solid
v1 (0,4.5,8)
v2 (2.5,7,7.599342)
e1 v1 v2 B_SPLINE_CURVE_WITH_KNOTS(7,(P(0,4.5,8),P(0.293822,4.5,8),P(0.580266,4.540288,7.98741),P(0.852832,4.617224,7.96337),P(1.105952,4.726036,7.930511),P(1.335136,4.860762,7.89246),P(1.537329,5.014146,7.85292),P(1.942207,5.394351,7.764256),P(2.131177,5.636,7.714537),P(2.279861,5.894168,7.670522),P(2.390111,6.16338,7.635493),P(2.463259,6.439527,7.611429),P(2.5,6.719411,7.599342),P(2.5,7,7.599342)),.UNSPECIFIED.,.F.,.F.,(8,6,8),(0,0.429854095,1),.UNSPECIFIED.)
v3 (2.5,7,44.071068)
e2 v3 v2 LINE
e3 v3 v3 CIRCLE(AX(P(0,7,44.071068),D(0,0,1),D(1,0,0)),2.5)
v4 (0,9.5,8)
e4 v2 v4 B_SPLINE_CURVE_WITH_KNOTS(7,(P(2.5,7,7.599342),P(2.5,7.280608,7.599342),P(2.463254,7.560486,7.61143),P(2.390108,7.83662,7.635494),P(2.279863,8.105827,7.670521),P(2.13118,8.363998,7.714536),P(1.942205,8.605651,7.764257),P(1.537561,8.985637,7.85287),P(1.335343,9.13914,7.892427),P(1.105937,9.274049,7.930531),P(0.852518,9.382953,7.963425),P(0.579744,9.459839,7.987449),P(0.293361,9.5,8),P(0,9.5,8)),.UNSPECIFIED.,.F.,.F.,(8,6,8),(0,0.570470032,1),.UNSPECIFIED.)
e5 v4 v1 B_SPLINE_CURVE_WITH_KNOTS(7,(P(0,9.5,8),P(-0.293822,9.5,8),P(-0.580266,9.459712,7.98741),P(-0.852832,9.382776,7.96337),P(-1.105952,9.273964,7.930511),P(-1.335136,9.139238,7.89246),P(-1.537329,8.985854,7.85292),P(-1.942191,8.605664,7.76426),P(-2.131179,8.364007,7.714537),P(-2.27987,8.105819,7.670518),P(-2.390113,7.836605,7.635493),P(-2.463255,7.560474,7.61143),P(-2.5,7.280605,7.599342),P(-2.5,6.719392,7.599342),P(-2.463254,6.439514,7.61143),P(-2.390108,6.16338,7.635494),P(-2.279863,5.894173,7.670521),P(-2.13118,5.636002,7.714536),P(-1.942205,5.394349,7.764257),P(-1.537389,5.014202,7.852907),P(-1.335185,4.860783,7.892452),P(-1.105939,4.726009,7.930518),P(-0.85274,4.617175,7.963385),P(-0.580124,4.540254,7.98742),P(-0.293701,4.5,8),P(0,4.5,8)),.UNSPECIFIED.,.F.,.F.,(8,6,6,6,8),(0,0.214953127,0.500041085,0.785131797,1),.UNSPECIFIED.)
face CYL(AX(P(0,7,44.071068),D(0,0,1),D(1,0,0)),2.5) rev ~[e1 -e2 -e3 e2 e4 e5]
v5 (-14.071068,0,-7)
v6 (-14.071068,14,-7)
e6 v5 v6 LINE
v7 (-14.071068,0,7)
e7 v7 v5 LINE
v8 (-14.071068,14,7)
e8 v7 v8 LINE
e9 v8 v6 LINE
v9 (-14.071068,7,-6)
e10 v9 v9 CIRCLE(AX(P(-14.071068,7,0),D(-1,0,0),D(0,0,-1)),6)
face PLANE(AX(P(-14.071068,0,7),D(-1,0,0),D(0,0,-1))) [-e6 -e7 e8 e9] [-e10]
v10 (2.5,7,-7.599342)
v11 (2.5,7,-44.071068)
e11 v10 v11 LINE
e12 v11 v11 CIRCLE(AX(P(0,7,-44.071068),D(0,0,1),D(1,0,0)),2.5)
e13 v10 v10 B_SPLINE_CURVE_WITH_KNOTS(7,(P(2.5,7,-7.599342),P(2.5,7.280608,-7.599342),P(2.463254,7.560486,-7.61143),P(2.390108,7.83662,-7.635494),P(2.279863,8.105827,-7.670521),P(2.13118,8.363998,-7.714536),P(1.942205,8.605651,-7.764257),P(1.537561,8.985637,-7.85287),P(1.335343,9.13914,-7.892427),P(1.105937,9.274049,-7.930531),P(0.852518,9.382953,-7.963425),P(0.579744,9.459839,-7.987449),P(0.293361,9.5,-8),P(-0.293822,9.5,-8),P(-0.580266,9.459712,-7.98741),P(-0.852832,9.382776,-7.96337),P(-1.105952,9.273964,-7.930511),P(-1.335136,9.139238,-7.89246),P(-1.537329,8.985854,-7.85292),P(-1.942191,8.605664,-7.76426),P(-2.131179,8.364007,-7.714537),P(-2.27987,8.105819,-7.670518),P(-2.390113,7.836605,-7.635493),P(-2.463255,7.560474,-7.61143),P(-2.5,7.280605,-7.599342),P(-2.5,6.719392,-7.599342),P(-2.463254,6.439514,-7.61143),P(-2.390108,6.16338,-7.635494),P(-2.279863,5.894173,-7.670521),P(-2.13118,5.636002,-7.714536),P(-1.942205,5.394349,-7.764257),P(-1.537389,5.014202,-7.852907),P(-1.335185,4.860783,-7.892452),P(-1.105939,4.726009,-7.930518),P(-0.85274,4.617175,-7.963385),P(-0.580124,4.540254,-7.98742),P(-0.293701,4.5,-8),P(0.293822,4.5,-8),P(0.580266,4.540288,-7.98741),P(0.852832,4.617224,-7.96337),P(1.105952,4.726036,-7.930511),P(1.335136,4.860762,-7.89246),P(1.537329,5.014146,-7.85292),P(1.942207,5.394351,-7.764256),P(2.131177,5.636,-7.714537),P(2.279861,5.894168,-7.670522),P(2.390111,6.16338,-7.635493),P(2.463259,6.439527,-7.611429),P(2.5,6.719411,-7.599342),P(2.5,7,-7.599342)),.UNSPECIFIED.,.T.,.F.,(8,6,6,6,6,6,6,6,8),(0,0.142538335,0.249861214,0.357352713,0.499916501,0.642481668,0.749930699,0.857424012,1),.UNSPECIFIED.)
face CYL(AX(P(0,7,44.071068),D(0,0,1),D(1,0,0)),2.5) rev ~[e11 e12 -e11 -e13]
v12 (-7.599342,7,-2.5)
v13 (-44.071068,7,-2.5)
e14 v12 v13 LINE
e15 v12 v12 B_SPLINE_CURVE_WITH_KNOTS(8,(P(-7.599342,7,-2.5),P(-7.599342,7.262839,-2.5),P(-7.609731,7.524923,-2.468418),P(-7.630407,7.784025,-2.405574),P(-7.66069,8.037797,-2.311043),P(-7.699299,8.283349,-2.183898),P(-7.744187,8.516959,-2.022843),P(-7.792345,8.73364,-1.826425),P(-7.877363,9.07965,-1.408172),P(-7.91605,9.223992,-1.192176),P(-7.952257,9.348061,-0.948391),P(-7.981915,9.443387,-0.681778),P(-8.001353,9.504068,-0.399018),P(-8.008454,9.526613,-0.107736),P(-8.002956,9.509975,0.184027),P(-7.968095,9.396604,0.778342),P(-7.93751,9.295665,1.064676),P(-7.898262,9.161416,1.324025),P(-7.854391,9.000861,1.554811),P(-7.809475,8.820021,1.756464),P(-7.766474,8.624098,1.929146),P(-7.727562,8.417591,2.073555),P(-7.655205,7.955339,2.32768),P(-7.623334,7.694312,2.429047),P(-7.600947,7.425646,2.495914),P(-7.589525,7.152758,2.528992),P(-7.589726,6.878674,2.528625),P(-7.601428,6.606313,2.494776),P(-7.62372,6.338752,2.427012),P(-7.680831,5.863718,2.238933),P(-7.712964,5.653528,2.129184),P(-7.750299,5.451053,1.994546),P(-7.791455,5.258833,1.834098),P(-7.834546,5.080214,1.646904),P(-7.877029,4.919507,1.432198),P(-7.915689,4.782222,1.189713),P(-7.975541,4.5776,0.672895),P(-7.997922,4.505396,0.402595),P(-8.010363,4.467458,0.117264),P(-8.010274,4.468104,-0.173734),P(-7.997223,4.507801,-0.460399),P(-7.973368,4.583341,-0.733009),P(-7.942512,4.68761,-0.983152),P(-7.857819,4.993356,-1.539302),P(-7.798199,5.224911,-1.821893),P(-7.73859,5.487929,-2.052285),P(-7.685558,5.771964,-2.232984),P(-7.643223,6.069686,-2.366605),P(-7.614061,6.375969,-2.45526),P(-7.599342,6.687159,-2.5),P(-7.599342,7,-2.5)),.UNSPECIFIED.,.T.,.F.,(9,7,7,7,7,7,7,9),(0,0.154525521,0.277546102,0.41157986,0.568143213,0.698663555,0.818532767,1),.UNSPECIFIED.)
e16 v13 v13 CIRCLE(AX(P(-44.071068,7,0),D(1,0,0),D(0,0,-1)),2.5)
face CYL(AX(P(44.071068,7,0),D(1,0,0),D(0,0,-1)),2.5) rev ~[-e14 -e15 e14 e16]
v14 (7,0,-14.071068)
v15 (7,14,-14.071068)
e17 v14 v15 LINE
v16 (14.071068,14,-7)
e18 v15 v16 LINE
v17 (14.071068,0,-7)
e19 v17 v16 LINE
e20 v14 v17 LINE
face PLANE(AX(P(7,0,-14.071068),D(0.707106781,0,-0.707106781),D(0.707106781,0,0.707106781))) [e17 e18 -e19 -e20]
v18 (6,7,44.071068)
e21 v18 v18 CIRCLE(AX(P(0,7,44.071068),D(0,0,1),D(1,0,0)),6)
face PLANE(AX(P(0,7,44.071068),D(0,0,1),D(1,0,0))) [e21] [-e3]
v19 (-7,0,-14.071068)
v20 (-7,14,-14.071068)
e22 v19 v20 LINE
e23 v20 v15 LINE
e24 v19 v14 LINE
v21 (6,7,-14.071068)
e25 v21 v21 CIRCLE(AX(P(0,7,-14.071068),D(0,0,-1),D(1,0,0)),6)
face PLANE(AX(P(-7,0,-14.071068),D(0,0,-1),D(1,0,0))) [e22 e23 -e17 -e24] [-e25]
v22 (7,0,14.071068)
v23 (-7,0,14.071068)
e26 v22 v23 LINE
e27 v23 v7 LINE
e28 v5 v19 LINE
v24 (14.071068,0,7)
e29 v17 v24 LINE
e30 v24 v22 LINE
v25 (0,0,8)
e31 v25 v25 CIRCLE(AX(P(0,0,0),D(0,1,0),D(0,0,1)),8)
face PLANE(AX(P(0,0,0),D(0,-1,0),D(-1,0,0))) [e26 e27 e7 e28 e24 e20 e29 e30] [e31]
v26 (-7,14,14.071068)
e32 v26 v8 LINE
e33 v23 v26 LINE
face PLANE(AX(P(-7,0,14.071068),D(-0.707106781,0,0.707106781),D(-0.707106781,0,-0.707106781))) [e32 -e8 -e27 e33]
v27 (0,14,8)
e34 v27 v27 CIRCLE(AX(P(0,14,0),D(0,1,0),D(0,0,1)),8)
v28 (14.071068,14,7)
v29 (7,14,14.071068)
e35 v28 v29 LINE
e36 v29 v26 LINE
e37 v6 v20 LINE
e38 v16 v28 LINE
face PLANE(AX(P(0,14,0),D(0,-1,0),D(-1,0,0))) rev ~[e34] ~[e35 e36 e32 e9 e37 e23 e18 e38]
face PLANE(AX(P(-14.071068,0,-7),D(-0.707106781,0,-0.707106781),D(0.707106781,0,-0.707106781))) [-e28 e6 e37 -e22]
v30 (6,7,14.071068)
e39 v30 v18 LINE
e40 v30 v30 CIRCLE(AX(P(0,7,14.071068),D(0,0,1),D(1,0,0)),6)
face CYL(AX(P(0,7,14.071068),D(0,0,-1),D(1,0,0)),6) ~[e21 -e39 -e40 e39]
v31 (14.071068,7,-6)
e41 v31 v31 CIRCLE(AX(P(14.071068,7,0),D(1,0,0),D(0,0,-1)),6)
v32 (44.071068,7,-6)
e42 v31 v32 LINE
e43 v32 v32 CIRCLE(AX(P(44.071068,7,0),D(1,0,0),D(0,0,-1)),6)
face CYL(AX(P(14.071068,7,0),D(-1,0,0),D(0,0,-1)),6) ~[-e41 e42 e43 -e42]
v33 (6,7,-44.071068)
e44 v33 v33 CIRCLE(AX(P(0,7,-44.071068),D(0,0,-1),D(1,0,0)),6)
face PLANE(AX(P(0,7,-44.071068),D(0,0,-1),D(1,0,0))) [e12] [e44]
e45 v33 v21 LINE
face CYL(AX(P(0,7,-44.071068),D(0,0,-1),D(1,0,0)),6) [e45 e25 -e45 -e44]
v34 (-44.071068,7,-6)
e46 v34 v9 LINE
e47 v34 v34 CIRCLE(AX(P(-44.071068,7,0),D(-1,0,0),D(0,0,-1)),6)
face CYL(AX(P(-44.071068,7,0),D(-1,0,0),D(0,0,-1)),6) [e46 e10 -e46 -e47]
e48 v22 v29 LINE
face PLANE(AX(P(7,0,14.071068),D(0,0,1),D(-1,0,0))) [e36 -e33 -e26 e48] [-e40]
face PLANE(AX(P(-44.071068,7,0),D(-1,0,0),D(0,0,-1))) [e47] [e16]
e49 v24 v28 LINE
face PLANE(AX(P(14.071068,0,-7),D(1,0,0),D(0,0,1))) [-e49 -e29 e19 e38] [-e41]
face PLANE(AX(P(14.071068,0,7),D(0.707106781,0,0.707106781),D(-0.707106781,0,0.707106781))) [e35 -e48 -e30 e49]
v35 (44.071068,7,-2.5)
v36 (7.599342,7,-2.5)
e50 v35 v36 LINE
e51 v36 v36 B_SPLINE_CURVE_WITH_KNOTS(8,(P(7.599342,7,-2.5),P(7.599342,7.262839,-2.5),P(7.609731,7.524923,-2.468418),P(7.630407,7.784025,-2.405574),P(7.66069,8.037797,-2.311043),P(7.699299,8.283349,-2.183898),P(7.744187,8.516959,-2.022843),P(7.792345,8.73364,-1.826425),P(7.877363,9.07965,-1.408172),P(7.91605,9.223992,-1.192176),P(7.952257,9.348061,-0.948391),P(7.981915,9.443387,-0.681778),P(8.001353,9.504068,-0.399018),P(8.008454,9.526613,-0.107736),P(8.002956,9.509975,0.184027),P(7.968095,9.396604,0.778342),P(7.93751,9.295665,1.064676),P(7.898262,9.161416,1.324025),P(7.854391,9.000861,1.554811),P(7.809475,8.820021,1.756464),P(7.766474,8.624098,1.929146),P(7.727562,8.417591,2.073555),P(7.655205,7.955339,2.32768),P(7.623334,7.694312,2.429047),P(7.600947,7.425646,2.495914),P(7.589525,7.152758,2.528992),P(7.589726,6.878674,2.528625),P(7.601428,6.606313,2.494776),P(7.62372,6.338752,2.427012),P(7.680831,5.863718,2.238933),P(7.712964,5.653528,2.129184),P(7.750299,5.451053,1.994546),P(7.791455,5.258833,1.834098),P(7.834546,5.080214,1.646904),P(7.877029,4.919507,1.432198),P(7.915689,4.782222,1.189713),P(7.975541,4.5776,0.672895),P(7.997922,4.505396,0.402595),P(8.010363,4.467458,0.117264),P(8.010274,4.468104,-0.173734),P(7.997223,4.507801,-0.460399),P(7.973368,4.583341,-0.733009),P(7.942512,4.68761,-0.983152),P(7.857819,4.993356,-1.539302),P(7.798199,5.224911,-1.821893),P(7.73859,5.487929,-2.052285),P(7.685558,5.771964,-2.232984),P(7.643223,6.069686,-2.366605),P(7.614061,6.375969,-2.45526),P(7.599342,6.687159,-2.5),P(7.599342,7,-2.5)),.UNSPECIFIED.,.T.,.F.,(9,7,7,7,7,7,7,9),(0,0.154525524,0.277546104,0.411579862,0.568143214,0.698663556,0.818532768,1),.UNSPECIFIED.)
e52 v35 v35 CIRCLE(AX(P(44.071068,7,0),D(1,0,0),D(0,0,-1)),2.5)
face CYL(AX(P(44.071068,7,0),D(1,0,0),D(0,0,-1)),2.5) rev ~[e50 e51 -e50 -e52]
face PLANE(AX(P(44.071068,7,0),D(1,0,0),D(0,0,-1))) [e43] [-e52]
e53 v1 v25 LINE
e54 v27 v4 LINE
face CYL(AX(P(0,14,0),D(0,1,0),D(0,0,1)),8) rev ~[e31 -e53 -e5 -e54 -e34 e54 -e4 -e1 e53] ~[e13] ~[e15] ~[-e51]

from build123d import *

# Parameters (mm, degrees)
HUB_DEPTH                         = 14
SKETCH4_R                         = 6
ARM_INSERT_1_DEPTH                = 30
SKETCH5_R                         = 6
ARM_INSERT_2_DEPTH                = 30
ARM_START                         = 30
SKETCH6_R                         = 6
ARM_INSERT_3_DEPTH                = 30
SKETCH7_R                         = 6
ARM_INSERT_4_DEPTH                = 30
SKETCH8_R                         = 8
HUB_LIGHTENING_HOLE_DEPTH         = 64.878932647
SKETCH9_R                         = 2.5
ARM_1_AND_3_LIGHTENING_HOLE_DEPTH = 100.535396168
SKETCH10_R                        = 2.5
ARM_2_AND_4_LIGHTENING_HOLE_DEPTH = 100.535396227


with BuildPart() as part:
    # Sketch1 → Hub (new body)
    with BuildSketch(Plane(origin=(0, 0, 0), x_dir=(1, 0, 0), z_dir=(0, 1, 0))):
        Polygon((14.071067812, 7), (14.071067812, -7), (7, -14.071067812), (-7, -14.071067812), (-14.071067812, -7), (-14.071067812, 7), (-7, 14.071067812), (7, 14.071067812), align=None)
    extrude(amount=HUB_DEPTH)

    # Sketch4 → Arm Insert 1 (add)
    with BuildSketch(Plane.XY.offset(14.071067812)):
        with Locations((0, 7)):
            Circle(SKETCH4_R)
    extrude(amount=ARM_INSERT_1_DEPTH)

    # Sketch5 → Arm Insert 2 (add)
    with BuildSketch(Plane(origin=(14.071067812, 0, 0), x_dir=(0, 0, -1), z_dir=(1, 0, 0))):
        with Locations((0, 7)):
            Circle(SKETCH5_R)
    extrude(amount=ARM_INSERT_2_DEPTH)

    # Sketch6 → Arm Insert 3 (add)
    with BuildSketch(Plane(origin=(0, 0, -14.071067812), x_dir=(-1, 0, 0), z_dir=(0, 0, -1)).offset(ARM_START)):
        with Locations(Location((0, 7, 0), (0, 0, 180))):
            Circle(SKETCH6_R)
    extrude(amount=-ARM_INSERT_3_DEPTH)

    # Sketch7 → Arm Insert 4 (add)
    with BuildSketch(Plane.ZY.offset(14.071067812).offset(ARM_START)):
        with Locations(Location((0, 7, 0), (0, 0, 180))):
            Circle(SKETCH7_R)
    extrude(amount=-ARM_INSERT_4_DEPTH)

    # Sketch8 → Hub Lightening Hole (cut, through all)
    with BuildSketch(Plane(origin=(0, 14, 0), x_dir=(1, 0, 0), z_dir=(0, 1, 0))):
        with Locations(Location((0, 0, 0), (0, 0, 270))):
            Circle(SKETCH8_R)
    extrude(amount=-HUB_LIGHTENING_HOLE_DEPTH, mode=Mode.SUBTRACT)

    # Sketch9 → Arm 1 and 3 Lightening Hole (cut, through all)
    with BuildSketch(Plane.XY.offset(44.071067812)):
        with Locations((0, 7)):
            Circle(SKETCH9_R)
    extrude(amount=-ARM_1_AND_3_LIGHTENING_HOLE_DEPTH, mode=Mode.SUBTRACT)

    # Sketch10 → Arm 2 and 4 Lightening Hole (cut, through all)
    with BuildSketch(Plane(origin=(44.071067812, 0, 0), x_dir=(0, 0, -1), z_dir=(1, 0, 0))):
        with Locations((0, 7)):
            Circle(SKETCH10_R)
    extrude(amount=-ARM_2_AND_4_LIGHTENING_HOLE_DEPTH, mode=Mode.SUBTRACT)


solid = part.part
